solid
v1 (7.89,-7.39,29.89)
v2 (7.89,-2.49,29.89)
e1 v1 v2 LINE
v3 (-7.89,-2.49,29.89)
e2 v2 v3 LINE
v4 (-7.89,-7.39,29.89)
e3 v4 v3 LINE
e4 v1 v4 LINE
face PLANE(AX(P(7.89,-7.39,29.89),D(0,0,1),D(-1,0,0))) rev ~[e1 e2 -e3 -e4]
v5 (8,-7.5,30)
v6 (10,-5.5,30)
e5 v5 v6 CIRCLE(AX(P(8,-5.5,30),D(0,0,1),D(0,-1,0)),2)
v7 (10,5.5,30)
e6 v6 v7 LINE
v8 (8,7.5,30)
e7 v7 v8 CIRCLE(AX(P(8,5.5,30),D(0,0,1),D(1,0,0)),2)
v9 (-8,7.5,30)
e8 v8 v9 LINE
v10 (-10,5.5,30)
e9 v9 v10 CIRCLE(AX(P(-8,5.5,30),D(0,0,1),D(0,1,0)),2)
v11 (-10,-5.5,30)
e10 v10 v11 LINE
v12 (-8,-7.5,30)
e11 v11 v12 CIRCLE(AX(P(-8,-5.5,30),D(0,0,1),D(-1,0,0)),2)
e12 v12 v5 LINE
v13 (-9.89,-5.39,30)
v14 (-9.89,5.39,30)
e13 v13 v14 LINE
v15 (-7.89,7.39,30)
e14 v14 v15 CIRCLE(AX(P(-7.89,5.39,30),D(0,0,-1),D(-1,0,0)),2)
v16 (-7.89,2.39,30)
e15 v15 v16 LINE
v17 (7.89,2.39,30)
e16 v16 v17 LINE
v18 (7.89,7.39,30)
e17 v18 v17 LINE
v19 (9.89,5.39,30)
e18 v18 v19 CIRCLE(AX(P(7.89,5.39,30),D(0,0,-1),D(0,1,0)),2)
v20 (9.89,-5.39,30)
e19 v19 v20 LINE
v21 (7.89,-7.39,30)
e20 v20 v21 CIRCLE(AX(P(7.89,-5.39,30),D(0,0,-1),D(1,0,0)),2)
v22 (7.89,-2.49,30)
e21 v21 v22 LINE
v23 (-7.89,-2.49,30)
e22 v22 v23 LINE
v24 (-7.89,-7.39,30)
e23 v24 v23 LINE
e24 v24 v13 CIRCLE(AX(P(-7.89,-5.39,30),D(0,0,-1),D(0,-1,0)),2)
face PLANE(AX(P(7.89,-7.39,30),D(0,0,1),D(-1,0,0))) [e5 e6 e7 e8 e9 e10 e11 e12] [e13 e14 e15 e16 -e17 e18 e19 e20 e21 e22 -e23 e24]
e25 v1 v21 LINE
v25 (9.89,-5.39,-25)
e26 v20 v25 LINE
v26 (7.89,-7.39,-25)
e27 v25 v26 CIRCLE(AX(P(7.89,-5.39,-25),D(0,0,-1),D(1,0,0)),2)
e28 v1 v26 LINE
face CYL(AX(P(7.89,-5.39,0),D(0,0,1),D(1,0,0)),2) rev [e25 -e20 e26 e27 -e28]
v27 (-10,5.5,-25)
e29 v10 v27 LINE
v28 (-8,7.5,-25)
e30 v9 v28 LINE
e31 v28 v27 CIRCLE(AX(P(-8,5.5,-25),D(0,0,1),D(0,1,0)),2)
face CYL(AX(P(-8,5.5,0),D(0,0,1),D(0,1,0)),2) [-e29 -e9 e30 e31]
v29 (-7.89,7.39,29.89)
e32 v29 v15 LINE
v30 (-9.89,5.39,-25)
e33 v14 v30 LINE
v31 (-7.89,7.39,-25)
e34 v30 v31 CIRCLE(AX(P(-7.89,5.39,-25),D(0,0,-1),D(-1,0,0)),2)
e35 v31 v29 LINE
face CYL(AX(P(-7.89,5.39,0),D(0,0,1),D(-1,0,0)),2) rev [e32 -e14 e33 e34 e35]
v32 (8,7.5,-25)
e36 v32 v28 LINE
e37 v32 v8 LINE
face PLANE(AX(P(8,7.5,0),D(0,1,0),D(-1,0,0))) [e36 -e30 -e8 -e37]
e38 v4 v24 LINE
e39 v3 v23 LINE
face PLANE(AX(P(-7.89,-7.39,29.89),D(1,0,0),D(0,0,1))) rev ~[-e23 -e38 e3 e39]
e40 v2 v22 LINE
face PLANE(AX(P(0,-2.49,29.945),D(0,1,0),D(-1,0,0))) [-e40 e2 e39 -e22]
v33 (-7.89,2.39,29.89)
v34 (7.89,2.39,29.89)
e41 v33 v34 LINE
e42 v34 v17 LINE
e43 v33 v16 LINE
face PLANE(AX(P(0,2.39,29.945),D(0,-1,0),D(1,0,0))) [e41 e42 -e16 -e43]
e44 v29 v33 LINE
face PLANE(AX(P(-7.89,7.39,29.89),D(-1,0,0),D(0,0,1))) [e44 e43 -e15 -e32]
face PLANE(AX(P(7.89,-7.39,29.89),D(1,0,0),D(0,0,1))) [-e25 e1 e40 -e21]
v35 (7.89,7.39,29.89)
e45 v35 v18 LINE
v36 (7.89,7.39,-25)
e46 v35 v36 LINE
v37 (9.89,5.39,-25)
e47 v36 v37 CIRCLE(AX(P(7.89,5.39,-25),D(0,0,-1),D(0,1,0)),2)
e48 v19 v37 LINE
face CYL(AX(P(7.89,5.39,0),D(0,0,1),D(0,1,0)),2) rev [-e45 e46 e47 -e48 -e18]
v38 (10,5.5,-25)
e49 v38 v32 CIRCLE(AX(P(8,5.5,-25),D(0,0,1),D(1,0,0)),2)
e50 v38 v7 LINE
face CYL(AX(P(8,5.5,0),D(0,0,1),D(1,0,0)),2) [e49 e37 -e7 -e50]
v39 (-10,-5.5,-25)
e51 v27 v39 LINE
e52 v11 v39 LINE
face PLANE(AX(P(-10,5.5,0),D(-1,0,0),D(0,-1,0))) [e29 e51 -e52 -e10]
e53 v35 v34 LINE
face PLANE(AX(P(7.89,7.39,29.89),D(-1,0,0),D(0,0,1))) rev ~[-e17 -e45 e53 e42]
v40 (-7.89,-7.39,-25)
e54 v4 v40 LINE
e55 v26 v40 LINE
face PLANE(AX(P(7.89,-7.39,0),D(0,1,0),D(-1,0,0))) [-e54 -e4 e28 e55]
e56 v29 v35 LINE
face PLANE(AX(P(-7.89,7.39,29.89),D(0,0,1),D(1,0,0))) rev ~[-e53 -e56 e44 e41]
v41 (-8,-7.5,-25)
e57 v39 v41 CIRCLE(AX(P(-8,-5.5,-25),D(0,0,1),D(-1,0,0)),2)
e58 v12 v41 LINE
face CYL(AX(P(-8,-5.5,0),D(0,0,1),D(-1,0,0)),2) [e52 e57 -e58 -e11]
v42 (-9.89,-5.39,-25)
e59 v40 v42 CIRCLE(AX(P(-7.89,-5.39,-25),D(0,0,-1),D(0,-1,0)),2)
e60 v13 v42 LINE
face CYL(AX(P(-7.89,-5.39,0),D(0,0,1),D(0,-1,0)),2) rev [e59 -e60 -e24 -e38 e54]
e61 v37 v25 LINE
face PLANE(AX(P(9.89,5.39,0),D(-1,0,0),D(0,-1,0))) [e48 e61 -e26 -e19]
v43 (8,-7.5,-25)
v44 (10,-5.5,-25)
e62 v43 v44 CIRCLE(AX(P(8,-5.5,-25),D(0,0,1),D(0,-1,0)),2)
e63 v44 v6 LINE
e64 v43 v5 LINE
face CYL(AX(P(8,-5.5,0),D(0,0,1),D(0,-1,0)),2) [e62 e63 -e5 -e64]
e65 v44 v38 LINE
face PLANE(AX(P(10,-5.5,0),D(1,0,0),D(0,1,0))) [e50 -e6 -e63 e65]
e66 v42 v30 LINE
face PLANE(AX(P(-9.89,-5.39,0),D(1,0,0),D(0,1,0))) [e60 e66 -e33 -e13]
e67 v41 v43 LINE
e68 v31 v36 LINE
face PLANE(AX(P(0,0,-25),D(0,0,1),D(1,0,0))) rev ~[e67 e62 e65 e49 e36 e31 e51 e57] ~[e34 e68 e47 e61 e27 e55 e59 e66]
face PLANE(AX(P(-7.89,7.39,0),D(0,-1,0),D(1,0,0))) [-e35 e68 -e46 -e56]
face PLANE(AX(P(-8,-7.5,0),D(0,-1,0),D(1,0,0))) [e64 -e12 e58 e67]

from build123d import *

# Parameters (mm, degrees)
F1_DEPTH = 30
F2_W     = 15.78
F2_H     = 0.11
F3_DEPTH = 5
F4_W     = 15.78
F4_H     = 0.11
F5_DEPTH = 4.9
F6_DEPTH = 25


with BuildPart() as f1:
    # F0 (on Top) → F1 (new body)
    with BuildSketch(Plane.XY):
        with BuildLine():
            Line((-8, -7.5), (8, -7.5))
            ThreePointArc((8, -7.5), (9.4142135624, -6.9142135624), (10, -5.5))
            Line((10, -5.5), (10, 5.5))
            ThreePointArc((10, 5.5), (9.4142135624, 6.9142135624), (8, 7.5))
            Line((8, 7.5), (-8, 7.5))
            ThreePointArc((-8, 7.5), (-9.4142135624, 6.9142135624), (-10, 5.5))
            Line((-10, 5.5), (-10, -5.5))
            ThreePointArc((-10, -5.5), (-9.4142135624, -6.9142135624), (-8, -7.5))
        make_face()
        with BuildLine():
            Line((-7.89, 7.39), (7.89, 7.39))
            ThreePointArc((7.89, 7.39), (9.3042135624, 6.8042135624), (9.89, 5.39))
            Line((9.89, 5.39), (9.89, -5.39))
            ThreePointArc((9.89, -5.39), (9.3042135624, -6.8042135624), (7.89, -7.39))
            Line((7.89, -7.39), (-7.89, -7.39))
            ThreePointArc((-7.89, -7.39), (-9.3042135624, -6.8042135624), (-9.89, -5.39))
            Line((-9.89, -5.39), (-9.89, 5.39))
            ThreePointArc((-9.89, 5.39), (-9.3042135624, 6.8042135624), (-7.89, 7.39))
        make_face(mode=Mode.SUBTRACT)
    extrude(amount=F1_DEPTH)

    # F2 (on face) → F3 (join)
    with BuildSketch(Plane.XZ.offset(-7.39)):
        with Locations((0, 29.945)):
            Rectangle(F2_W, F2_H)
    extrude(amount=F3_DEPTH)

    # F4 (on face) → F5 (join)
    with BuildSketch(Plane(origin=(0, -7.39, 0), x_dir=(-1, 0, 0), z_dir=(0, 1, 0))):
        with Locations((0, 29.945)):
            Rectangle(F4_W, F4_H)
    extrude(amount=F5_DEPTH)

    # F6 (add): a face of the model
    f6_faces = [f1.faces().sort_by_distance(p)[0] for p in [
        (0, -7.475, 0),
    ]]
    extrude(f6_faces, amount=F6_DEPTH)


solid = f1.part
